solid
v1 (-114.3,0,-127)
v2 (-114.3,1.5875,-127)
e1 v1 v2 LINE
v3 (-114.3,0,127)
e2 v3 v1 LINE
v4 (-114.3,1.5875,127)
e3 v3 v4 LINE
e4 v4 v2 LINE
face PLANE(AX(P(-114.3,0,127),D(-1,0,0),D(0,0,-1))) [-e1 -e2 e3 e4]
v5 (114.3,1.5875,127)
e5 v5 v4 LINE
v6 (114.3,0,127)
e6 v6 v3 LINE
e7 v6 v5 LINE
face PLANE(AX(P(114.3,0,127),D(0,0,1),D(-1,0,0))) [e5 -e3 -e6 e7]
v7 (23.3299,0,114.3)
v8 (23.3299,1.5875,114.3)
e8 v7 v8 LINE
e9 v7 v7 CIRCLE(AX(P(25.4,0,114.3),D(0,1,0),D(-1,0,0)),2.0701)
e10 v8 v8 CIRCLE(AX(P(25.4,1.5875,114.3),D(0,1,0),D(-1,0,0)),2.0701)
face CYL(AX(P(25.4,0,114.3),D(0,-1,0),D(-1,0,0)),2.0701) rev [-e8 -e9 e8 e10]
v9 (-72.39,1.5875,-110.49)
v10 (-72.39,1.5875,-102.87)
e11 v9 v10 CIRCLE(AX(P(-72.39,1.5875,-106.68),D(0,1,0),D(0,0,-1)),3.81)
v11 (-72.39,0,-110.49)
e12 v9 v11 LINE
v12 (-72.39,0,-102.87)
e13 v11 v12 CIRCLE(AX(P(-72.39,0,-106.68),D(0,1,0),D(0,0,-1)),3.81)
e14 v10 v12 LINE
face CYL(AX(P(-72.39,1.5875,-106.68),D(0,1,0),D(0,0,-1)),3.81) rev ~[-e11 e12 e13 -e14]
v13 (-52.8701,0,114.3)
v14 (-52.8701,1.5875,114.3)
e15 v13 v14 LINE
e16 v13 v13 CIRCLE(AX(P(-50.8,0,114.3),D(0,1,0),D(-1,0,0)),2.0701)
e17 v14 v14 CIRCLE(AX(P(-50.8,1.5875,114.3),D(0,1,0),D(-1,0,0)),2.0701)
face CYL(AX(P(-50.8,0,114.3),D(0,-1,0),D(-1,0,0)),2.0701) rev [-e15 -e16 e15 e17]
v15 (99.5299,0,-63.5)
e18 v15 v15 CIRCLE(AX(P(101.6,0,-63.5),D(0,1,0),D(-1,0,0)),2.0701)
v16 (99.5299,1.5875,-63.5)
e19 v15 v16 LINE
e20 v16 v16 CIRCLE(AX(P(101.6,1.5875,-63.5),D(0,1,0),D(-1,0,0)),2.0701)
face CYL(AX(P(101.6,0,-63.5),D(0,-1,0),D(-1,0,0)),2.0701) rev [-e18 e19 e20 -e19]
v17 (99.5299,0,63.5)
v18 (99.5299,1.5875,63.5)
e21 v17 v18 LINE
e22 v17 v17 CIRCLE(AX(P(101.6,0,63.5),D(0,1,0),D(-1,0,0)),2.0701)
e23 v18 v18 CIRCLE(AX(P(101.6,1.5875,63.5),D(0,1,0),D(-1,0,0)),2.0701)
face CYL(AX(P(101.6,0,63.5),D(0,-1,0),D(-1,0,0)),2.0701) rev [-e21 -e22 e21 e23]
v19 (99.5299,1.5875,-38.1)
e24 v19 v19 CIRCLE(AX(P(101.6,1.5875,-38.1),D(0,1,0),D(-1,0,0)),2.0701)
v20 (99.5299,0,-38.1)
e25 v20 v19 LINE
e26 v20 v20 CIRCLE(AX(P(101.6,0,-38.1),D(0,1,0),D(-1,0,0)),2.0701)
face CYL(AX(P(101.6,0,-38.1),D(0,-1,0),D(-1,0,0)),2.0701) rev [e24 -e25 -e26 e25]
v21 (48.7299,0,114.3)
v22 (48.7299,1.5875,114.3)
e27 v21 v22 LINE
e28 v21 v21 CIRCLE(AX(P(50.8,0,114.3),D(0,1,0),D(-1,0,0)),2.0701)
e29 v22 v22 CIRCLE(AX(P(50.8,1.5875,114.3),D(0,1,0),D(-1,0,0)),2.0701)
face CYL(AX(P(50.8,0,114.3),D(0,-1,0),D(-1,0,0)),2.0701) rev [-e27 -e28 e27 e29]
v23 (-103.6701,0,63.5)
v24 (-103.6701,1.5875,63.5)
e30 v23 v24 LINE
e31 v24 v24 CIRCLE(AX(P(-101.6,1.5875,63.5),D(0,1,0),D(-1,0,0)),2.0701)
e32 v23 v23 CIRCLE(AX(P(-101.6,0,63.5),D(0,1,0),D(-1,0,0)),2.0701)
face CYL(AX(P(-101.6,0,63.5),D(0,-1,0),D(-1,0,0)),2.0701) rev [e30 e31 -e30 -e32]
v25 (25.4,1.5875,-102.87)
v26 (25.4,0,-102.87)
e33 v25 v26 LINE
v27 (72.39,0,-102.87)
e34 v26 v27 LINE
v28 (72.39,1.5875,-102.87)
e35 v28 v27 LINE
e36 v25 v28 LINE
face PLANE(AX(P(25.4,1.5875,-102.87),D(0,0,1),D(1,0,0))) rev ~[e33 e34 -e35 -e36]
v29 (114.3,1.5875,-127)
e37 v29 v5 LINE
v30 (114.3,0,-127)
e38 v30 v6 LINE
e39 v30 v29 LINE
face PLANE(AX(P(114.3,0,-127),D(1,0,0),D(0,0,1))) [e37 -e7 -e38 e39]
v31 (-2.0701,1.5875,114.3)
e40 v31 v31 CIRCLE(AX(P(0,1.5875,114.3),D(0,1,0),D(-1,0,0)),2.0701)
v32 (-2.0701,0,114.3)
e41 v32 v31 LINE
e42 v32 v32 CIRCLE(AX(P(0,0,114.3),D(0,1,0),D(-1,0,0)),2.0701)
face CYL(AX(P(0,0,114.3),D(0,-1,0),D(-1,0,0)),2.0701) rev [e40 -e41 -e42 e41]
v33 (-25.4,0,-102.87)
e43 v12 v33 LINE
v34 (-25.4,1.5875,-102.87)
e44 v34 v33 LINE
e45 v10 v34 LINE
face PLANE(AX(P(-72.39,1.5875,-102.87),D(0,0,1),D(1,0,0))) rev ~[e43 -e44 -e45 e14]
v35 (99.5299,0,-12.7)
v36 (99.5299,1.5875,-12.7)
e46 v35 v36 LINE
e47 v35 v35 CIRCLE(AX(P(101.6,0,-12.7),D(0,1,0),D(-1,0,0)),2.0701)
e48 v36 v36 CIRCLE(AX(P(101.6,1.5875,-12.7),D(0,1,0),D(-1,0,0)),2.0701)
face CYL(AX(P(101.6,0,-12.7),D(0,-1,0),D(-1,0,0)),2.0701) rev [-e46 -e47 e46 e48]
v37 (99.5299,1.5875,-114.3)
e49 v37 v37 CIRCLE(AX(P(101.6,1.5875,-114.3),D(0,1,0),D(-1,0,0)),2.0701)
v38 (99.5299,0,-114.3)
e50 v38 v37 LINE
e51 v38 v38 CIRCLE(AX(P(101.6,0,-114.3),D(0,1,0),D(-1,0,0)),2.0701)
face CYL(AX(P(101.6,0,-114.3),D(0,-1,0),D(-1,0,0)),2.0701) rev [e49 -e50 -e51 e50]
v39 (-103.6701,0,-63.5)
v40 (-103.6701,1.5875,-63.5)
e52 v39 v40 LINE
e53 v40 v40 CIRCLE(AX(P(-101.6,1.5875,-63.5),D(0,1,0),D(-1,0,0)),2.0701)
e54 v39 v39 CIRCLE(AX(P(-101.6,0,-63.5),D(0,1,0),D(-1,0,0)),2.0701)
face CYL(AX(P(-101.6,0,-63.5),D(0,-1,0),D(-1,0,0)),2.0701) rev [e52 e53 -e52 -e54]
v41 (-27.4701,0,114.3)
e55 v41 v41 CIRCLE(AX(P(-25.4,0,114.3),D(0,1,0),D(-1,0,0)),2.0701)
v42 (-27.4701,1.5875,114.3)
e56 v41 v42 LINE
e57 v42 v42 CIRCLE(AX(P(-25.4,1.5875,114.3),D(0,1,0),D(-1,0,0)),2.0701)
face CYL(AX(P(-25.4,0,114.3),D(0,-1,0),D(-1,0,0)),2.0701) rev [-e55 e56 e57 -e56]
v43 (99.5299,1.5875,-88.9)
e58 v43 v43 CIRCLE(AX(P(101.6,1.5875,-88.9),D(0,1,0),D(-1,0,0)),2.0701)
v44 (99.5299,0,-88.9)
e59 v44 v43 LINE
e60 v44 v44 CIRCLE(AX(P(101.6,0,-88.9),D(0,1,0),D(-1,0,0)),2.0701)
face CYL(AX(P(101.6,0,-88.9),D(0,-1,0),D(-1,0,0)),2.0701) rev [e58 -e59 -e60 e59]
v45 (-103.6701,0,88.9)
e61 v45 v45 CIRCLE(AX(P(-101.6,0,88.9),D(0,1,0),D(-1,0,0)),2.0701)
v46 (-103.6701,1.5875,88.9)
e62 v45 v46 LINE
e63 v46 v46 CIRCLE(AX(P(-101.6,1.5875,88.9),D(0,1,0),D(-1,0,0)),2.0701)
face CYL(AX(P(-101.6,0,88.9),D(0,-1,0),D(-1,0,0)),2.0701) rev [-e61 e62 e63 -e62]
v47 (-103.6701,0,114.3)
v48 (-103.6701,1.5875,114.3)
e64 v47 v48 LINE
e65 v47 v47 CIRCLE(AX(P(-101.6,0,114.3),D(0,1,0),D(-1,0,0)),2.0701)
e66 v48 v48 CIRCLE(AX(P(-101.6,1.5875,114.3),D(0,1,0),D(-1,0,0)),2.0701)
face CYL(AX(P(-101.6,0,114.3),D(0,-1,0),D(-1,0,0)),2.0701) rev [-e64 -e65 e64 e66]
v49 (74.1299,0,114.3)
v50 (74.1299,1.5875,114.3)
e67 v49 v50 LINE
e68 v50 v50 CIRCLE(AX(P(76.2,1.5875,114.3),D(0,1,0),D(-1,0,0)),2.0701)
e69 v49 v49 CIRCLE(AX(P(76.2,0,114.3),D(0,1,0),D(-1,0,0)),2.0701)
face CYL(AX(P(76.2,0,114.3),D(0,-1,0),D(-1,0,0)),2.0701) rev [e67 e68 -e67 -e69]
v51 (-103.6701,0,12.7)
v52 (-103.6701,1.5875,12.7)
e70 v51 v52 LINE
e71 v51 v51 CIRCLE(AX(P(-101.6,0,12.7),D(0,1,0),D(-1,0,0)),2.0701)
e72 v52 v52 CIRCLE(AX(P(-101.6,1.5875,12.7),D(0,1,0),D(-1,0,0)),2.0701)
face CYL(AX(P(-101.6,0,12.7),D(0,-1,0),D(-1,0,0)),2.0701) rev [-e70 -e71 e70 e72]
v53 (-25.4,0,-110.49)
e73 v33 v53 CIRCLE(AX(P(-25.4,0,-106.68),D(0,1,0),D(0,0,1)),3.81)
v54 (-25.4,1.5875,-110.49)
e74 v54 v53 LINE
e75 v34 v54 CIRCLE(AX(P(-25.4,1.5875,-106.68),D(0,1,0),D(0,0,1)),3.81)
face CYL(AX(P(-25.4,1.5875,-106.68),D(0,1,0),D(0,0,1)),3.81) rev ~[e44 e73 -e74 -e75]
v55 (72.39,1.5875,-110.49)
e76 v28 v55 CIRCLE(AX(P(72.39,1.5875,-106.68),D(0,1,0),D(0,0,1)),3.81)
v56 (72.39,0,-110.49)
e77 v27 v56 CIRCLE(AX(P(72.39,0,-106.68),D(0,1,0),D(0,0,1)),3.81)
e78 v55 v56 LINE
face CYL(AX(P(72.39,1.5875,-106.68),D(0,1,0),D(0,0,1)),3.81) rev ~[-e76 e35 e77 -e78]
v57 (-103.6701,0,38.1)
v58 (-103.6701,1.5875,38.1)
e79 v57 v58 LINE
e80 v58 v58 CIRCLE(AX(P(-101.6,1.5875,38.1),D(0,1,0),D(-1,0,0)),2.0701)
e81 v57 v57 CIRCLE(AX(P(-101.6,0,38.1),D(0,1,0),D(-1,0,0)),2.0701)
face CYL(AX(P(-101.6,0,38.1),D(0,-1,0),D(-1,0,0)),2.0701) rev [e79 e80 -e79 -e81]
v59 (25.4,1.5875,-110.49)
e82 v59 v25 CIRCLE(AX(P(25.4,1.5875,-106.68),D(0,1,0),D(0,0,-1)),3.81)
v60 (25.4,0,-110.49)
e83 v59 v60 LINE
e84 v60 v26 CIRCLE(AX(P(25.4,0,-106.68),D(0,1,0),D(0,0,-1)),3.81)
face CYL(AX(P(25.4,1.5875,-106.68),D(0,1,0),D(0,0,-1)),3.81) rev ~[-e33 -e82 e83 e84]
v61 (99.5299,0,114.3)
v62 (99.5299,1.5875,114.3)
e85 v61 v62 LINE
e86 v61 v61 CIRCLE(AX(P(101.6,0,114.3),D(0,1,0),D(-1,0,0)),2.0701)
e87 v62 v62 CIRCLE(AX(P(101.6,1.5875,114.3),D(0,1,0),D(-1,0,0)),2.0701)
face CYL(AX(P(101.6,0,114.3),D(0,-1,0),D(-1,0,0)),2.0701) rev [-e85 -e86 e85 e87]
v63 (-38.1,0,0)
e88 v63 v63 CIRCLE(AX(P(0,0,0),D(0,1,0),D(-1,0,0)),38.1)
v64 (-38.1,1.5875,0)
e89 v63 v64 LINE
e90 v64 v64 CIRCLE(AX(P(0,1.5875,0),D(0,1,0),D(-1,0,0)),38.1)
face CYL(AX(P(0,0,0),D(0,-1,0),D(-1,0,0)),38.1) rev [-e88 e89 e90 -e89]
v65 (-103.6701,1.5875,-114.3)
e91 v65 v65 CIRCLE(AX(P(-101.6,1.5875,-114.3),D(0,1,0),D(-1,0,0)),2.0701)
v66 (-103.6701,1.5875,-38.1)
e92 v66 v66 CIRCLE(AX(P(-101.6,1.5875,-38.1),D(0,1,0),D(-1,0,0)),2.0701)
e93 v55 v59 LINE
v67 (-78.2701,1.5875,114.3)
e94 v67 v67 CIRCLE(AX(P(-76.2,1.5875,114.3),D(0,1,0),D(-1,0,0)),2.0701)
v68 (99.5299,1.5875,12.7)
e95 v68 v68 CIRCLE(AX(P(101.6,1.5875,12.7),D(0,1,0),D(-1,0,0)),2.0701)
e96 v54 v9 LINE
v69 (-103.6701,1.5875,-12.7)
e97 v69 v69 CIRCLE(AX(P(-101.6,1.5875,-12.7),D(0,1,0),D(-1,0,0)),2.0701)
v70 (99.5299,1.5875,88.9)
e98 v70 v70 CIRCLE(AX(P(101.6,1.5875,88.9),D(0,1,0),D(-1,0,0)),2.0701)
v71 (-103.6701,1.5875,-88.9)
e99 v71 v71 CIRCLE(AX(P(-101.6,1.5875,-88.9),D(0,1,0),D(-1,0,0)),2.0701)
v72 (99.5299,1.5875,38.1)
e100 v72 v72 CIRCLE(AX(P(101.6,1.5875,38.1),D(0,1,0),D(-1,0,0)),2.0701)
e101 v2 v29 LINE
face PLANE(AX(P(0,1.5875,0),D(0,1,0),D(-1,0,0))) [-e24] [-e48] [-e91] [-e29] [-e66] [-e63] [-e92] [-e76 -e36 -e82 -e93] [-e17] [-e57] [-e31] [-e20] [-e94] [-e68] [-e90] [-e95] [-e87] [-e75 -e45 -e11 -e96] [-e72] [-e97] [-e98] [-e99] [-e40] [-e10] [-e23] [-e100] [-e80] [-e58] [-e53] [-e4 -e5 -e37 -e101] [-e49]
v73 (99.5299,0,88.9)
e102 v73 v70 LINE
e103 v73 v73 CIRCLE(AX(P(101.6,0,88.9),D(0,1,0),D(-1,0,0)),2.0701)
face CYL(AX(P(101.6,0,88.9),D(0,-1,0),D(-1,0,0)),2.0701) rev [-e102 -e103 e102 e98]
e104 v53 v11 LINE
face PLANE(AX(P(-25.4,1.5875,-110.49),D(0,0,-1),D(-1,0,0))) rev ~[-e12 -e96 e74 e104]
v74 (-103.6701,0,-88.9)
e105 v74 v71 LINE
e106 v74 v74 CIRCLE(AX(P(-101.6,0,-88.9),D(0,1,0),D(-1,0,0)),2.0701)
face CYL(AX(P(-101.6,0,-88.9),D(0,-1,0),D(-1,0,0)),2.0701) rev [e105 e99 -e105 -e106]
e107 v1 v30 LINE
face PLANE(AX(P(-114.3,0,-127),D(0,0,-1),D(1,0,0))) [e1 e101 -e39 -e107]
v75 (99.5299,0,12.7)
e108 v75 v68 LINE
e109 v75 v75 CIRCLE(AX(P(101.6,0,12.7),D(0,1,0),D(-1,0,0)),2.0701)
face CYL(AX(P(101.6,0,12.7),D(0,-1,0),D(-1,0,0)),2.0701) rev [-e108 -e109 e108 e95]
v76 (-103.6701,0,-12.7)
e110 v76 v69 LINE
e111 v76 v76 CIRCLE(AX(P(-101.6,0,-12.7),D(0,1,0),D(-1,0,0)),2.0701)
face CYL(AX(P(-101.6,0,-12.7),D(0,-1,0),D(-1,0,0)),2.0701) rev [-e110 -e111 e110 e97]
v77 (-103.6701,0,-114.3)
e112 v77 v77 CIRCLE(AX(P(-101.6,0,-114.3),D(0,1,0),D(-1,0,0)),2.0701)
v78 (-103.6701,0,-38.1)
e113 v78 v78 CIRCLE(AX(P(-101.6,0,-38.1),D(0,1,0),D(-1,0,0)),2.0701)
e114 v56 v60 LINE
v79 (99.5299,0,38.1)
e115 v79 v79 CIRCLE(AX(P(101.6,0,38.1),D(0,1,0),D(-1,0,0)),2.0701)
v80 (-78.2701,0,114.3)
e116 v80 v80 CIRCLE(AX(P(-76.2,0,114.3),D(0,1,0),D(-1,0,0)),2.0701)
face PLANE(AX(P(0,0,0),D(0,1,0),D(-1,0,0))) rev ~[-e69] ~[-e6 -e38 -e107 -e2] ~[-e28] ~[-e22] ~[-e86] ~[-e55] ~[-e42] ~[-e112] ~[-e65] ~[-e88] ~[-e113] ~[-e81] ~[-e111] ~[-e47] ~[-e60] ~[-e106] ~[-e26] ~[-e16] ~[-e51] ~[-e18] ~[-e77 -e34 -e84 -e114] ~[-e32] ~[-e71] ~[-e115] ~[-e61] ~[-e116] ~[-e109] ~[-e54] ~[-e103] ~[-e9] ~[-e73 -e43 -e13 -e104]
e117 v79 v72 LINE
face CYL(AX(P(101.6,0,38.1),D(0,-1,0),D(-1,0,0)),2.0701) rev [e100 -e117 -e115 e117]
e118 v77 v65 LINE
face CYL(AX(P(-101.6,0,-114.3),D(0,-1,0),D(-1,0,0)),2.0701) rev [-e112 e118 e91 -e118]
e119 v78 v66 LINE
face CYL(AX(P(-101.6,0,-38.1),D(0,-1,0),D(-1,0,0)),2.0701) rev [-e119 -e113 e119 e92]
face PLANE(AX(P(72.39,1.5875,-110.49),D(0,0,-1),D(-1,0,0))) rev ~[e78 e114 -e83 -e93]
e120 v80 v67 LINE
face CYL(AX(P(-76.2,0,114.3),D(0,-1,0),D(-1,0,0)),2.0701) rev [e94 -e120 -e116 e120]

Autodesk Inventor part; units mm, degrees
ref_plane "YZ Plane" through (0, 0, 0) normal (1, 0, 0) x (0, 1, 0)
ref_plane "XZ Plane" through (0, 0, 0) normal (0, 1, 0) x (-1, 0, 0)
ref_plane "XY Plane" through (0, 0, 0) normal (0, 0, 1) x (1, 0, 0)
sketch "Sketch1" plane through (0, 0, 0) normal (0, 1, 0) x (-1, 0, 0)
  line L0 (-114.3, 127) -> (114.3, 127)
  line L1 (114.3, 127) -> (114.3, -127)
  line L2 (114.3, -127) -> (-114.3, -127)
  line L3 (-114.3, -127) -> (-114.3, 127)
  line L4 (-114.3, 127) -> (114.3, -127) construction
  line L5 (114.3, 127) -> (-114.3, -127) construction
  circle A0 centre (101.6, 114.3) radius 2.0701
  circle A1 centre (101.6, 88.9) radius 2.0701
  circle A2 centre (101.6, 63.5) radius 2.0701
  circle A3 centre (101.6, 38.1) radius 2.0701
  circle A4 centre (101.6, 12.7) radius 2.0701
  circle A5 centre (101.6, -12.7) radius 2.0701
  circle A6 centre (101.6, -38.1) radius 2.0701
  circle A7 centre (101.6, -63.5) radius 2.0701
  circle A8 centre (101.6, -88.9) radius 2.0701
  circle A9 centre (101.6, -114.3) radius 2.0701
  circle A10 centre (76.2, 114.3) radius 2.0701
  circle A11 centre (50.8, 114.3) radius 2.0701
  circle A12 centre (25.4, 114.3) radius 2.0701
  circle A13 centre (0, 114.3) radius 2.0701
  circle A14 centre (-25.4, 114.3) radius 2.0701
  circle A15 centre (-50.8, 114.3) radius 2.0701
  circle A16 centre (-76.2, 114.3) radius 2.0701
  circle A17 centre (-101.6, 114.3) radius 2.0701
  circle A18 centre (0, 0) radius 38.1
  circle A19 centre (-101.6, 88.9) radius 2.0701
  circle A20 centre (-101.6, 63.5) radius 2.0701
  circle A21 centre (-101.6, 38.1) radius 2.0701
  circle A22 centre (-101.6, 12.7) radius 2.0701
  circle A23 centre (-101.6, -12.7) radius 2.0701
  circle A24 centre (-101.6, -38.1) radius 2.0701
  circle A25 centre (-101.6, -63.5) radius 2.0701
  circle A26 centre (-101.6, -88.9) radius 2.0701
  circle A27 centre (-101.6, -114.3) radius 2.0701
  dimension "d0" = 228.6
  dimension "d1" = 254
  dimension "d4" = 4.1402
  dimension "d5" = 12.7
  dimension "d6" = 12.7
  dimension "d9" = 25.4
  dimension "d16" = 25.4
  dimension "d28" = 76.2
  dimension "d31" = 25.4
extrude "Extrusion1" add sketch "Sketch1" along normal blind 1.5875
sketch "Sketch2" plane through (0, 1.5875, 0) normal (0, 1, 0) x (1, 0, 0)
  line L0 (72.39, 106.68) -> (25.4, 106.68) construction
  line L1 (72.39, 110.49) -> (25.4, 110.49)
  line L2 (25.4, 102.87) -> (72.39, 102.87)
  arc A0 (72.39, 102.87) -> (72.39, 110.49) centre (72.39, 106.68) ccw
  arc A1 (25.4, 110.49) -> (25.4, 102.87) centre (25.4, 106.68) ccw
  line L3 (114.3, 127) -> (-114.3, 127) projected
  line L4 (114.3, -127) -> (114.3, 127) projected
  line L5 (-25.4, 106.68) -> (-72.39, 106.68) construction
  line L6 (-25.4, 110.49) -> (-72.39, 110.49)
  line L7 (-72.39, 102.87) -> (-25.4, 102.87)
  arc A2 (-25.4, 102.87) -> (-25.4, 110.49) centre (-25.4, 106.68) ccw
  arc A3 (-72.39, 110.49) -> (-72.39, 102.87) centre (-72.39, 106.68) ccw
  line L8 (-114.3, 127) -> (-114.3, -127) projected
  point P0 (0, 0)
  point P1 (48.895, 106.68)
  point P2 (-48.895, 106.68)
  dimension "d36" = 46.99
  dimension "d37" = 7.62
  dimension "d38" = 20.32
  dimension "d39" = 41.91
  dimension "d40" = 46.99
  dimension "d41" = 7.62
  dimension "d42" = 20.32
  dimension "d43" = 41.91
extrude "Extrusion2" cut sketch "Sketch2" against normal blind 25.4
properties part number "ArmPlate" material "Aluminum 6061"
